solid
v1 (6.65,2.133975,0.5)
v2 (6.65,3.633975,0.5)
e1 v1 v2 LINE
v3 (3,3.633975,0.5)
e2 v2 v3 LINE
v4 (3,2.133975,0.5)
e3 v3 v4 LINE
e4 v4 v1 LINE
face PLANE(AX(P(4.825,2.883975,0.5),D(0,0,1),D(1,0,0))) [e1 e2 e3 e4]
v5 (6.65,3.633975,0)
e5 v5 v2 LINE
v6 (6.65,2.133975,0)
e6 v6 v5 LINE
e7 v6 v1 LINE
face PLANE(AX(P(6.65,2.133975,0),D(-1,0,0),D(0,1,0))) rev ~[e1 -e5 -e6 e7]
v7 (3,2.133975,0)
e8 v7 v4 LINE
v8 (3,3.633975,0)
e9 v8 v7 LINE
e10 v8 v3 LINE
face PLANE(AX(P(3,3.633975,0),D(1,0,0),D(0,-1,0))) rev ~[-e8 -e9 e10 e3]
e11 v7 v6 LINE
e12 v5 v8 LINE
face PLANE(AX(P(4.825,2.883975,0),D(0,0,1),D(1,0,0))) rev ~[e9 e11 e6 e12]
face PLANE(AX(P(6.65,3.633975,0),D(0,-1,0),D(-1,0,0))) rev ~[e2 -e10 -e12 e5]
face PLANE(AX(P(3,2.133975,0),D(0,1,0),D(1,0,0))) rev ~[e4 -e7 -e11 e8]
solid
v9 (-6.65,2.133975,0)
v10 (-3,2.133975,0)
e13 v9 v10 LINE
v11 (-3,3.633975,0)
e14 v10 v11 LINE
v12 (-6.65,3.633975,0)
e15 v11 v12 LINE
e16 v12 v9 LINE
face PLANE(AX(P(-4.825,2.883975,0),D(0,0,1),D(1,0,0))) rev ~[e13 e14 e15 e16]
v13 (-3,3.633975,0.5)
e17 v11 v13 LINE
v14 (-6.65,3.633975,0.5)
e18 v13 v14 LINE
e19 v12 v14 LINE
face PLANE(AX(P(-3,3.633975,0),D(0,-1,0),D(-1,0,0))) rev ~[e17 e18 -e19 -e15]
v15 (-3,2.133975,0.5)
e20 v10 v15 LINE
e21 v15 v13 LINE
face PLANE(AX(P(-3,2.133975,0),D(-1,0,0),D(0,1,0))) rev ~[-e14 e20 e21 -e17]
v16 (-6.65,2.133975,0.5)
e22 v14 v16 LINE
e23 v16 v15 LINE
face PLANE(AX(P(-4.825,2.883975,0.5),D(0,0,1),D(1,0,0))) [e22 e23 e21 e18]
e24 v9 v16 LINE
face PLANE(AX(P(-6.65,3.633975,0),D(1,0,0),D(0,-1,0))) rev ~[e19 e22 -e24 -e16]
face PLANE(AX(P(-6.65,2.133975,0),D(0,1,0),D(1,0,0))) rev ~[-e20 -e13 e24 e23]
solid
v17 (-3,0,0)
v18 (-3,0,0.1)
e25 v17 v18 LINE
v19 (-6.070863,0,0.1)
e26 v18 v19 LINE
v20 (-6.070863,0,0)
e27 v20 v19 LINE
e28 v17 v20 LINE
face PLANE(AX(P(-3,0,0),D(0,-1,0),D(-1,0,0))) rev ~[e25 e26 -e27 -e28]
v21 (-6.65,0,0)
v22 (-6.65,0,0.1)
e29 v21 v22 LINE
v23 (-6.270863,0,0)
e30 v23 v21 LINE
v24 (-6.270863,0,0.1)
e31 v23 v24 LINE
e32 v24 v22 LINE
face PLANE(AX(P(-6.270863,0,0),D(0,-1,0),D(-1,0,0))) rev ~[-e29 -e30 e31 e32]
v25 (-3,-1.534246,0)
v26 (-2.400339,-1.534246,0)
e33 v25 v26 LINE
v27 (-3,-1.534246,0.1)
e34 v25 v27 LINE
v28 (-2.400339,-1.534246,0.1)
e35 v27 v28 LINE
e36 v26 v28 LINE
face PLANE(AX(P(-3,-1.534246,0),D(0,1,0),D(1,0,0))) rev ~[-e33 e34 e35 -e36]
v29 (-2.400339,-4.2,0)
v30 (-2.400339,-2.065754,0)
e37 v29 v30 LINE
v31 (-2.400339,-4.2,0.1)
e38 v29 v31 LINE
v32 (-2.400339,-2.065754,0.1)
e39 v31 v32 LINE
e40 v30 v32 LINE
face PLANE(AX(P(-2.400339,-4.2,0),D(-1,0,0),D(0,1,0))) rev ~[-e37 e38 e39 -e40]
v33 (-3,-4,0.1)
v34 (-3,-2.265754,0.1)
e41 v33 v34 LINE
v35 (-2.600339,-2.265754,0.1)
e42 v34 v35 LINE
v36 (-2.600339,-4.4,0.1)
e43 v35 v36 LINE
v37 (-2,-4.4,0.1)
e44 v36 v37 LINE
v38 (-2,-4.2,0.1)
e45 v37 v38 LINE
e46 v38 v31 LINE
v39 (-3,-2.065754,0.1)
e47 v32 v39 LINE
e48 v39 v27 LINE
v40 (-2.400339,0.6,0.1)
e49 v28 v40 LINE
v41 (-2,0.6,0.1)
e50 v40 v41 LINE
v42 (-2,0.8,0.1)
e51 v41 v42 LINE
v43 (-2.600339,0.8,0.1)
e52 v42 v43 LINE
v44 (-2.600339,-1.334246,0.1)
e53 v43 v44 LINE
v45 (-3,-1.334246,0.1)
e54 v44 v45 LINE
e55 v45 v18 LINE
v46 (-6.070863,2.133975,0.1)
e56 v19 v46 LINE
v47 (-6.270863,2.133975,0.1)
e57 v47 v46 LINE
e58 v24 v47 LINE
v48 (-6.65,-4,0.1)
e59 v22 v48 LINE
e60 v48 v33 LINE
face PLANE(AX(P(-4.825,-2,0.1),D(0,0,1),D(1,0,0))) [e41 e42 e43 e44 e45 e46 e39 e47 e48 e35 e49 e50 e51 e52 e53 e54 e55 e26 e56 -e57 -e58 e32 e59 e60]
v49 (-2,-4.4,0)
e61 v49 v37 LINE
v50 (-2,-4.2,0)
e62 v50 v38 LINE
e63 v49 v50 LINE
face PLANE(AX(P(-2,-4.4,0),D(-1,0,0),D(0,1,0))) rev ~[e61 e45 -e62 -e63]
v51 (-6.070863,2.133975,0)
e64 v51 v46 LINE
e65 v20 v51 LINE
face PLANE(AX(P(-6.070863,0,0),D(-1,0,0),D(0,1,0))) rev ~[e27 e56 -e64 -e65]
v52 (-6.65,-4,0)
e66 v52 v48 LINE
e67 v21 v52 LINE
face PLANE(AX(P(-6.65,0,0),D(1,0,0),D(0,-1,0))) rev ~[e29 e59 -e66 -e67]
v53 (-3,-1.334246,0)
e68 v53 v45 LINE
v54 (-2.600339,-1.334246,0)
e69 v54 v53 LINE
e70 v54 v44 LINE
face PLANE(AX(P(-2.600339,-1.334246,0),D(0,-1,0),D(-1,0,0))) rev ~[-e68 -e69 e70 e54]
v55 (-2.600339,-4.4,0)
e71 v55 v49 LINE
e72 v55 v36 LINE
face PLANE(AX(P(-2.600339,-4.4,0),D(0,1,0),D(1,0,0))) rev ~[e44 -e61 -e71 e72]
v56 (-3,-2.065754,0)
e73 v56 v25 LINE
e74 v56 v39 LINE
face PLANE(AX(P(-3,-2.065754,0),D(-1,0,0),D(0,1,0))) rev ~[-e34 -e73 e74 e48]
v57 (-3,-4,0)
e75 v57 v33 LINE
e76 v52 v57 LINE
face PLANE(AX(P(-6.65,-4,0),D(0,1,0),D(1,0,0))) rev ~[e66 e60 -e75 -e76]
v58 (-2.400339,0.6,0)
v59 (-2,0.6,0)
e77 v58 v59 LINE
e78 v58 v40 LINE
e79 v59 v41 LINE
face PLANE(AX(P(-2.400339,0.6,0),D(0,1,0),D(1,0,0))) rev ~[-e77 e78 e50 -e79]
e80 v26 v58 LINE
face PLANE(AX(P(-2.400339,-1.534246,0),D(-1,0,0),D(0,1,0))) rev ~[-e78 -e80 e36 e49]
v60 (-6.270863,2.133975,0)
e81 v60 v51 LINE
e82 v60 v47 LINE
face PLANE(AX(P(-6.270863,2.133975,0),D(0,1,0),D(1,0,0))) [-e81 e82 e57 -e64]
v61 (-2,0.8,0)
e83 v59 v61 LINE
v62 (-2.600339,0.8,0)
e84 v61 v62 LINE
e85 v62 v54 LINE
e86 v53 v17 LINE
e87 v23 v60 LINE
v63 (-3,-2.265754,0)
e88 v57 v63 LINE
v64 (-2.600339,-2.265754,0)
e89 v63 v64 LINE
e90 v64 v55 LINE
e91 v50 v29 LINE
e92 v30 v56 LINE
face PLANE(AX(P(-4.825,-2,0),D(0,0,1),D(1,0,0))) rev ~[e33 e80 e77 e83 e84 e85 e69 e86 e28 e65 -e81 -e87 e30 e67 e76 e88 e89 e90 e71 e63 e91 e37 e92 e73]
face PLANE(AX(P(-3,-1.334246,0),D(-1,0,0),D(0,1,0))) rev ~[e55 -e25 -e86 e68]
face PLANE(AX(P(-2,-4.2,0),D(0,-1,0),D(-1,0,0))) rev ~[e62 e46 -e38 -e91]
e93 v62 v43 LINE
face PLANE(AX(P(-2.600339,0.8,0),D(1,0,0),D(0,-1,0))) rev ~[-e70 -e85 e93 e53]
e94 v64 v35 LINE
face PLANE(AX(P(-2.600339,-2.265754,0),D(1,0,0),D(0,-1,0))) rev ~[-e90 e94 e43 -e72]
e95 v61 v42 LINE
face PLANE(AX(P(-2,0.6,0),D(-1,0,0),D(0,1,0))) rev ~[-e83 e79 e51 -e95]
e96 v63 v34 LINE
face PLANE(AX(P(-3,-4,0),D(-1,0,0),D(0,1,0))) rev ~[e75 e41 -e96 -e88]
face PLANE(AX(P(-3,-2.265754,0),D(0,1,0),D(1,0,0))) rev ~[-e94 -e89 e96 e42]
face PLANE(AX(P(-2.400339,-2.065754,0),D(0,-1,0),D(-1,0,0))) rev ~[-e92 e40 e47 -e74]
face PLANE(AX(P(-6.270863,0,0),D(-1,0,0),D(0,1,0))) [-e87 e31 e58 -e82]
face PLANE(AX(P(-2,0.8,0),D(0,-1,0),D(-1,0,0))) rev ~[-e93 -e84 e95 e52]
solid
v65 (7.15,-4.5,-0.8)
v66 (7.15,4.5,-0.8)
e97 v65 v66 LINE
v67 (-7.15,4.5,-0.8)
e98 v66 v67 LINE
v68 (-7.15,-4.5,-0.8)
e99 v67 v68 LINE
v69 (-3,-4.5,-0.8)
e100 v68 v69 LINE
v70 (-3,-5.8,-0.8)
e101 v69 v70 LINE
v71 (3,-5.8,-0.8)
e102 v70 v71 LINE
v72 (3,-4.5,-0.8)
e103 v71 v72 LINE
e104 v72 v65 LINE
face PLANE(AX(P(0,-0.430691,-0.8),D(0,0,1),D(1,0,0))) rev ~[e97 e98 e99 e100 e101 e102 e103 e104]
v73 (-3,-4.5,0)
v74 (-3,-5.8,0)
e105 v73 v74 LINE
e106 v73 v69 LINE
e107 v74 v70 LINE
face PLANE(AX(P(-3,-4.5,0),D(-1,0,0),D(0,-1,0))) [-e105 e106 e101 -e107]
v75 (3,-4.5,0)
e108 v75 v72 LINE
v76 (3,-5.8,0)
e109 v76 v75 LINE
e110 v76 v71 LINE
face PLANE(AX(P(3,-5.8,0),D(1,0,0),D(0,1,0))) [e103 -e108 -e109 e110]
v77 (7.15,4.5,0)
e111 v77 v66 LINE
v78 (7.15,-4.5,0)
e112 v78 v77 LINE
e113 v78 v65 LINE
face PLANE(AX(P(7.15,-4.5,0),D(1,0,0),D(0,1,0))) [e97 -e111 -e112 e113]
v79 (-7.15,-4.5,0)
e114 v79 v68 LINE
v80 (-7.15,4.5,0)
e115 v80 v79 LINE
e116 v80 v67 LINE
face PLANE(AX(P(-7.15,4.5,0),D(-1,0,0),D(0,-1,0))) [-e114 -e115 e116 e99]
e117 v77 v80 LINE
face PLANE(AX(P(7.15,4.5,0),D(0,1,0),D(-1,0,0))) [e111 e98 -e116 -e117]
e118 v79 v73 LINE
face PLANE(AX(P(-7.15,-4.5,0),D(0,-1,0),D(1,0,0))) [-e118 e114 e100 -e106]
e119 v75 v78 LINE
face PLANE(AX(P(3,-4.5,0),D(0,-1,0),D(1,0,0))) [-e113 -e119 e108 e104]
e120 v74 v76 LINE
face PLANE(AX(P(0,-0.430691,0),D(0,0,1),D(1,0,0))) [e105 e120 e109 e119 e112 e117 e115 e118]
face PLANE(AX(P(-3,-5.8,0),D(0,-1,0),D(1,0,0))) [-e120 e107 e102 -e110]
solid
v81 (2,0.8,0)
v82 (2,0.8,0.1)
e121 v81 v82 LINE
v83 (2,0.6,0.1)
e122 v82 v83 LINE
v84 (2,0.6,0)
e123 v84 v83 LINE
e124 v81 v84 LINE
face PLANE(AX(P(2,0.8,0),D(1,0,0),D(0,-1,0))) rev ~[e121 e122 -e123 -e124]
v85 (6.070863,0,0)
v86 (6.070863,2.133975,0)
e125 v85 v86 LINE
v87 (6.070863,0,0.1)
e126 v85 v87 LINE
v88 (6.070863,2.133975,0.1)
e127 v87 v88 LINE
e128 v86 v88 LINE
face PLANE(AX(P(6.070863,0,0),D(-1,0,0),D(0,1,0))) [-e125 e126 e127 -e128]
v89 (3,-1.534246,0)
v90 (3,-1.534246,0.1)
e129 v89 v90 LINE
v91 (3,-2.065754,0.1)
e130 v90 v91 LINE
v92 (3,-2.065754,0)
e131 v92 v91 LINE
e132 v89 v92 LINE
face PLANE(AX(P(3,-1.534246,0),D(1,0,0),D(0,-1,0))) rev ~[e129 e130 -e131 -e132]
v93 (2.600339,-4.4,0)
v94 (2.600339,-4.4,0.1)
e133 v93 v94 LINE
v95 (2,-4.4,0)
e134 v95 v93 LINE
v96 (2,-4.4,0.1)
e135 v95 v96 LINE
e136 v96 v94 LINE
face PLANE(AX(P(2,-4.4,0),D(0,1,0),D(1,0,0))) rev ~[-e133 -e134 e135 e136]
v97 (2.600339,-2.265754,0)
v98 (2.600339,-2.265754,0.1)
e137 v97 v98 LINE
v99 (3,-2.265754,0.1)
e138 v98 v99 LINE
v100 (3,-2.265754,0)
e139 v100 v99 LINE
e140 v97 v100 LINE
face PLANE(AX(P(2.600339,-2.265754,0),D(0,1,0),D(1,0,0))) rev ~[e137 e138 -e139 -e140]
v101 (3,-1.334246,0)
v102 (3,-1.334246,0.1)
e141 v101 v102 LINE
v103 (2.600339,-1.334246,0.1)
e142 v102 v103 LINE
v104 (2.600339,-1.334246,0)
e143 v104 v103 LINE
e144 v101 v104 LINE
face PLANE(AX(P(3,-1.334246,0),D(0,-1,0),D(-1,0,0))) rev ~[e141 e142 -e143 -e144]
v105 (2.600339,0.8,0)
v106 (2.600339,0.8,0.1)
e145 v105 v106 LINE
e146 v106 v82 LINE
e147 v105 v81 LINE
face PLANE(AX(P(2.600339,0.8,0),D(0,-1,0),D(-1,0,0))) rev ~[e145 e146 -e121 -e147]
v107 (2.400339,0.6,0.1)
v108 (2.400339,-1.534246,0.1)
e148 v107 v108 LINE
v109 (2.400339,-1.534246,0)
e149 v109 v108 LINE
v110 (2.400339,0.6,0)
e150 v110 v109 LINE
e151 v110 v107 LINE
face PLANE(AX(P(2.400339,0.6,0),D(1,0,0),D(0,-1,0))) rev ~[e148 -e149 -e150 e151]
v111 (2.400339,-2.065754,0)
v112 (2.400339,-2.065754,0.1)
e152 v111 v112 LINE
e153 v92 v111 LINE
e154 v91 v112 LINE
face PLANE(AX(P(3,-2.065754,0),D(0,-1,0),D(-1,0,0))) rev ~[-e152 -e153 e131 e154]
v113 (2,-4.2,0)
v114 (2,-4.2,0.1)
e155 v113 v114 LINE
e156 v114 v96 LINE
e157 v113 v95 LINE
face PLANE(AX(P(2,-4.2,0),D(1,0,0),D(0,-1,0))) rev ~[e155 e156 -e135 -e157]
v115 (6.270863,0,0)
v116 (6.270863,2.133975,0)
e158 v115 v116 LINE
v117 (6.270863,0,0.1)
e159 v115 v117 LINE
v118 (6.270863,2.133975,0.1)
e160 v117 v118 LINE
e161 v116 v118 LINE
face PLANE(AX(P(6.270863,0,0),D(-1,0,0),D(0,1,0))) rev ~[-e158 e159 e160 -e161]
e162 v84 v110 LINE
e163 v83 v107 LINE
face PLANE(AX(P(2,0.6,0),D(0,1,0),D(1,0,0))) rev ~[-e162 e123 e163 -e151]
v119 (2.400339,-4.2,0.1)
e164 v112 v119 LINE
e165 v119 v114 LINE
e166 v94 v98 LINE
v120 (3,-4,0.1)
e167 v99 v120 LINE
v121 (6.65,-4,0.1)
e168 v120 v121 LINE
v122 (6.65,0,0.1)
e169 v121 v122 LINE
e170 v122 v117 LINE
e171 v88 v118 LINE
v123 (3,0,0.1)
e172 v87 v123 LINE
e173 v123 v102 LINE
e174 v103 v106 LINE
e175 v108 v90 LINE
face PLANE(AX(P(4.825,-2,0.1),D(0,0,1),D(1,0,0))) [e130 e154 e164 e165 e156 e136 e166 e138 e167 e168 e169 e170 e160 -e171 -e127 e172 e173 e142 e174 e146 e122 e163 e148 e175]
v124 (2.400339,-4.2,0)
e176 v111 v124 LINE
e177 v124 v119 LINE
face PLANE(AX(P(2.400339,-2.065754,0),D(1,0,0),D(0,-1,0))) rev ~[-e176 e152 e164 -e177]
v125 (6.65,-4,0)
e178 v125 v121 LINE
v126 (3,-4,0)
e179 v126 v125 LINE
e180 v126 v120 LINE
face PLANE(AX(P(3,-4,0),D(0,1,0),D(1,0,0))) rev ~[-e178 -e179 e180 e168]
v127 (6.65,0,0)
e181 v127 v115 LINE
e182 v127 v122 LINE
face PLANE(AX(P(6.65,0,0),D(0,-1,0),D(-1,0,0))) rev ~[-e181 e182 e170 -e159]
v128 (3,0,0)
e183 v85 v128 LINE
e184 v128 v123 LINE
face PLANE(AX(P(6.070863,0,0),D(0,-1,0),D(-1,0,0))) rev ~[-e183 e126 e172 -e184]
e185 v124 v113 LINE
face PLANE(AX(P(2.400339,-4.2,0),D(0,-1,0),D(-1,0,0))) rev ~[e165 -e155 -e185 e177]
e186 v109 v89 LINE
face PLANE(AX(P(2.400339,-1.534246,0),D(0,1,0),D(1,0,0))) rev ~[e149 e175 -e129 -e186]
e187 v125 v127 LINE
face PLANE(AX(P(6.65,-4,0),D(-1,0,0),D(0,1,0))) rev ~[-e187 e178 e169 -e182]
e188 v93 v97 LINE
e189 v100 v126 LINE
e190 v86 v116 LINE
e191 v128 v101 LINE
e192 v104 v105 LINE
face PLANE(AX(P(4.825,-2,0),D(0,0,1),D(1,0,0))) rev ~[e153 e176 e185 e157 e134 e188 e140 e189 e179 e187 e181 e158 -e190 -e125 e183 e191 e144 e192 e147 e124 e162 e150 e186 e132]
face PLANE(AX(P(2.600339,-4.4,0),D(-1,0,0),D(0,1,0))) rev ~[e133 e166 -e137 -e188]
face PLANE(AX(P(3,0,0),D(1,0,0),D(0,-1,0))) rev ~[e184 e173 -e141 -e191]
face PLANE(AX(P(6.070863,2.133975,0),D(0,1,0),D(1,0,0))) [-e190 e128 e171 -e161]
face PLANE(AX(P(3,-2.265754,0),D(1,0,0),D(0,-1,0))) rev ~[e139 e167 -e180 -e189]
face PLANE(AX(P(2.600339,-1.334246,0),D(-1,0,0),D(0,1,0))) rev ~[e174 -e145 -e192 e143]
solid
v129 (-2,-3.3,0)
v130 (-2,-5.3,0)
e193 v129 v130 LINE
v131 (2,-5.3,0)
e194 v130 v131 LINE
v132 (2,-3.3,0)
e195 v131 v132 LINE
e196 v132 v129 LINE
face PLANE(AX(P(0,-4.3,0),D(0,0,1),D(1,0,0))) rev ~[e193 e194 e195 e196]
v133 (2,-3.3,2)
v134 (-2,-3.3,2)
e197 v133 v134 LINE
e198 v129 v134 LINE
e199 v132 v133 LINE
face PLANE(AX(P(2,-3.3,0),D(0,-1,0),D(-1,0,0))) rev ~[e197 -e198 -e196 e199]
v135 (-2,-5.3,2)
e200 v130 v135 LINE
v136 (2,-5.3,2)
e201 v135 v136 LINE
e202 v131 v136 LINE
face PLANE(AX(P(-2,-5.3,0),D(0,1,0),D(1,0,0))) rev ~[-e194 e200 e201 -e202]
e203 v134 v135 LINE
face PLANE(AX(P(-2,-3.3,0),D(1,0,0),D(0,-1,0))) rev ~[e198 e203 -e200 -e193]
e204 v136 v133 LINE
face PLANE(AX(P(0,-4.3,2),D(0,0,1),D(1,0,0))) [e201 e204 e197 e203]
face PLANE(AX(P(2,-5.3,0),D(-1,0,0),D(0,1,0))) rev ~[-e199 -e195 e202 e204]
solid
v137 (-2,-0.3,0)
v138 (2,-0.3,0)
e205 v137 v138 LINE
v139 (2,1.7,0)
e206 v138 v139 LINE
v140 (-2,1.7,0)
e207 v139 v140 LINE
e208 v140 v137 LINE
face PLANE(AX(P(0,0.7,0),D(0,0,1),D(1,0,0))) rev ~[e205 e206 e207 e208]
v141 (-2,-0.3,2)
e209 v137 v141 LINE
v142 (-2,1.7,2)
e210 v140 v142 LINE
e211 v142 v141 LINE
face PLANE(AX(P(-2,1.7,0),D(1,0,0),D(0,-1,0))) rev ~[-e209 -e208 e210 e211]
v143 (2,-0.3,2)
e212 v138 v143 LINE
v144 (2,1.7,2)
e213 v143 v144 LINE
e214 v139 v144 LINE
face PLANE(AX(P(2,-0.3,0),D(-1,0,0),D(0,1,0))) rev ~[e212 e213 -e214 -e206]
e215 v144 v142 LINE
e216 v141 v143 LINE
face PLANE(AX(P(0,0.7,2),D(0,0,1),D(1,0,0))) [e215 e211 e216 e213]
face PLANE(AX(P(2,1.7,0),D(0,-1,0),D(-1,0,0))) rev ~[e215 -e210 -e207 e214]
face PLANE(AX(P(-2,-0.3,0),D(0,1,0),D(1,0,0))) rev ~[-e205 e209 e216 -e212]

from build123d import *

# Parameters (mm, degrees)
F0_W     = 0.2
F0_H     = 2.1339745962
F1_DEPTH = 0.1
F2_DEPTH = 0.8
F3_DEPTH = 0.5
F4_DEPTH = 2


with BuildPart() as f1:
    # F0 (on Top) → F1 (new body)
    with BuildSketch(Plane.XY):
        Polygon((-6.65, 0), (-6.65, -4), (-3, -4), (-3, -2.2657535192), (-3, -2.0657535192), (-3, -1.5342464808), (-3, -1.3342464808), (-3, 0), (-6.0708631158, 0), (-6.2708631158, 0), align=None)
        with Locations((-6.1708631158, 1.0669872981)):
            Rectangle(F0_W, F0_H)
        Polygon((-3, -1.3342464808), (-3, -1.5342464808), (-2.4003390085, -1.5342464808), (-2.4003390085, 0.6), (-2, 0.6), (-2, 0.8), (-2.6003390085, 0.8), (-2.6003390085, -1.3342464808), align=None)
        Polygon((-3, -2.0657535192), (-3, -2.2657535192), (-2.6003390085, -2.2657535192), (-2.6003390085, -4.4), (-2, -4.4), (-2, -4.2), (-2.4003390085, -4.2), (-2.4003390085, -2.0657535192), align=None)
    extrude(amount=F1_DEPTH)


with BuildPart() as f1b:
    # F0 (on Top) → F1, piece 2 (new body)
    with BuildSketch(Plane.XY):
        Polygon((3, -2.0657535192), (3, -2.2657535192), (3, -4), (6.65, -4), (6.65, 0), (6.2708631158, 0), (6.0708631158, 0), (3, 0), (3, -1.3342464808), (3, -1.5342464808), align=None)
        with Locations((6.1708631158, 1.0669872981)):
            Rectangle(F0_W, F0_H)
        Polygon((2, 0.8), (2, 0.6), (2.4003390085, 0.6), (2.4003390085, -1.5342464808), (3, -1.5342464808), (3, -1.3342464808), (2.6003390085, -1.3342464808), (2.6003390085, 0.8), align=None)
        Polygon((2, -4.2), (2, -4.4), (2.6003390085, -4.4), (2.6003390085, -2.2657535192), (3, -2.2657535192), (3, -2.0657535192), (2.4003390085, -2.0657535192), (2.4003390085, -4.2), align=None)
    extrude(amount=F1_DEPTH)


with BuildPart() as f2:
    # F0 (on Top) → F2 (new body)
    with BuildSketch(Plane.XY):
        Polygon((7.15, 4.5), (-7.15, 4.5), (-7.15, -4.5), (-3, -4.5), (-3, -5.8), (3, -5.8), (3, -4.5), (7.15, -4.5), align=None)
        Polygon((-3, -4), (-6.65, -4), (-6.65, 0), (-6.2708631158, 0), (-6.2708631158, 2.1339745962), (-6.65, 2.1339745962), (-6.65, 3.6339745962), (-3, 3.6339745962), (-3, 2.1339745962), (-6.0708631158, 2.1339745962), (-6.0708631158, 0), (-3, 0), (-3, -1.3342464808), (-2.6003390085, -1.3342464808), (-2.6003390085, 0.8), (-2, 0.8), (-2, 1.7), (2, 1.7), (2, 0.8), (2.6003390085, 0.8), (2.6003390085, -1.3342464808), (3, -1.3342464808), (3, 0), (6.0708631158, 0), (6.0708631158, 2.1339745962), (3, 2.1339745962), (3, 3.6339745962), (6.65, 3.6339745962), (6.65, 2.1339745962), (6.2708631158, 2.1339745962), (6.2708631158, 0), (6.65, 0), (6.65, -4), (3, -4), (3, -2.2657535192), (2.6003390085, -2.2657535192), (2.6003390085, -4.4), (2, -4.4), (2, -5.3), (-2, -5.3), (-2, -4.4), (-2.6003390085, -4.4), (-2.6003390085, -2.2657535192), (-3, -2.2657535192), align=None, mode=Mode.SUBTRACT)
        Polygon((-3, -1.5342464808), (-3, -2.0657535192), (-2.4003390085, -2.0657535192), (-2.4003390085, -4.2), (-2, -4.2), (-2, -3.3), (2, -3.3), (2, -4.2), (2.4003390085, -4.2), (2.4003390085, -2.0657535192), (3, -2.0657535192), (3, -1.5342464808), (2.4003390085, -1.5342464808), (2.4003390085, 0.6), (2, 0.6), (2, -0.3), (-2, -0.3), (-2, 0.6), (-2.4003390085, 0.6), (-2.4003390085, -1.5342464808), align=None)
        Polygon((-6.65, 0), (-6.65, -4), (-3, -4), (-3, -2.2657535192), (-3, -2.0657535192), (-3, -1.5342464808), (-3, -1.3342464808), (-3, 0), (-6.0708631158, 0), (-6.2708631158, 0), align=None)
        Polygon((-3, -2.0657535192), (-3, -2.2657535192), (-2.6003390085, -2.2657535192), (-2.6003390085, -4.4), (-2, -4.4), (-2, -4.2), (-2.4003390085, -4.2), (-2.4003390085, -2.0657535192), align=None)
        Polygon((-3, -1.3342464808), (-3, -1.5342464808), (-2.4003390085, -1.5342464808), (-2.4003390085, 0.6), (-2, 0.6), (-2, 0.8), (-2.6003390085, 0.8), (-2.6003390085, -1.3342464808), align=None)
        Polygon((-2, -4.2), (-2, -4.4), (-2, -5.3), (2, -5.3), (2, -4.4), (2, -4.2), (2, -3.3), (-2, -3.3), align=None)
        Polygon((-2, 0.8), (-2, 0.6), (-2, -0.3), (2, -0.3), (2, 0.6), (2, 0.8), (2, 1.7), (-2, 1.7), align=None)
        Polygon((-6.65, 2.1339745962), (-6.2708631158, 2.1339745962), (-6.0708631158, 2.1339745962), (-3, 2.1339745962), (-3, 3.6339745962), (-6.65, 3.6339745962), align=None)
        with Locations((-6.1708631158, 1.0669872981)):
            Rectangle(F0_W, F0_H)
        Polygon((3, -2.0657535192), (3, -2.2657535192), (3, -4), (6.65, -4), (6.65, 0), (6.2708631158, 0), (6.0708631158, 0), (3, 0), (3, -1.3342464808), (3, -1.5342464808), align=None)
        Polygon((2, -4.2), (2, -4.4), (2.6003390085, -4.4), (2.6003390085, -2.2657535192), (3, -2.2657535192), (3, -2.0657535192), (2.4003390085, -2.0657535192), (2.4003390085, -4.2), align=None)
        Polygon((2, 0.8), (2, 0.6), (2.4003390085, 0.6), (2.4003390085, -1.5342464808), (3, -1.5342464808), (3, -1.3342464808), (2.6003390085, -1.3342464808), (2.6003390085, 0.8), align=None)
        Polygon((6.0708631158, 2.1339745962), (6.2708631158, 2.1339745962), (6.65, 2.1339745962), (6.65, 3.6339745962), (3, 3.6339745962), (3, 2.1339745962), align=None)
        with Locations((6.1708631158, 1.0669872981)):
            Rectangle(F0_W, F0_H)
    extrude(amount=-F2_DEPTH)


with BuildPart() as f3:
    # F0 (on Top) → F3 (new body)
    with BuildSketch(Plane.XY):
        Polygon((-6.65, 2.1339745962), (-6.2708631158, 2.1339745962), (-6.0708631158, 2.1339745962), (-3, 2.1339745962), (-3, 3.6339745962), (-6.65, 3.6339745962), align=None)
    extrude(amount=F3_DEPTH)


with BuildPart() as f3b:
    # F0 (on Top) → F3, piece 2 (new body)
    with BuildSketch(Plane.XY):
        Polygon((6.0708631158, 2.1339745962), (6.2708631158, 2.1339745962), (6.65, 2.1339745962), (6.65, 3.6339745962), (3, 3.6339745962), (3, 2.1339745962), align=None)
    extrude(amount=F3_DEPTH)


with BuildPart() as f4:
    # F0 (on Top) → F4 (new body)
    with BuildSketch(Plane.XY):
        Polygon((-2, 0.8), (-2, 0.6), (-2, -0.3), (2, -0.3), (2, 0.6), (2, 0.8), (2, 1.7), (-2, 1.7), align=None)
    extrude(amount=F4_DEPTH)


with BuildPart() as f4b:
    # F0 (on Top) → F4, piece 2 (new body)
    with BuildSketch(Plane.XY):
        Polygon((-2, -4.2), (-2, -4.4), (-2, -5.3), (2, -5.3), (2, -4.4), (2, -4.2), (2, -3.3), (-2, -3.3), align=None)
    extrude(amount=F4_DEPTH)


solid = Compound([f1.part, f1b.part, f2.part, f3.part, f3b.part, f4.part, f4b.part])
